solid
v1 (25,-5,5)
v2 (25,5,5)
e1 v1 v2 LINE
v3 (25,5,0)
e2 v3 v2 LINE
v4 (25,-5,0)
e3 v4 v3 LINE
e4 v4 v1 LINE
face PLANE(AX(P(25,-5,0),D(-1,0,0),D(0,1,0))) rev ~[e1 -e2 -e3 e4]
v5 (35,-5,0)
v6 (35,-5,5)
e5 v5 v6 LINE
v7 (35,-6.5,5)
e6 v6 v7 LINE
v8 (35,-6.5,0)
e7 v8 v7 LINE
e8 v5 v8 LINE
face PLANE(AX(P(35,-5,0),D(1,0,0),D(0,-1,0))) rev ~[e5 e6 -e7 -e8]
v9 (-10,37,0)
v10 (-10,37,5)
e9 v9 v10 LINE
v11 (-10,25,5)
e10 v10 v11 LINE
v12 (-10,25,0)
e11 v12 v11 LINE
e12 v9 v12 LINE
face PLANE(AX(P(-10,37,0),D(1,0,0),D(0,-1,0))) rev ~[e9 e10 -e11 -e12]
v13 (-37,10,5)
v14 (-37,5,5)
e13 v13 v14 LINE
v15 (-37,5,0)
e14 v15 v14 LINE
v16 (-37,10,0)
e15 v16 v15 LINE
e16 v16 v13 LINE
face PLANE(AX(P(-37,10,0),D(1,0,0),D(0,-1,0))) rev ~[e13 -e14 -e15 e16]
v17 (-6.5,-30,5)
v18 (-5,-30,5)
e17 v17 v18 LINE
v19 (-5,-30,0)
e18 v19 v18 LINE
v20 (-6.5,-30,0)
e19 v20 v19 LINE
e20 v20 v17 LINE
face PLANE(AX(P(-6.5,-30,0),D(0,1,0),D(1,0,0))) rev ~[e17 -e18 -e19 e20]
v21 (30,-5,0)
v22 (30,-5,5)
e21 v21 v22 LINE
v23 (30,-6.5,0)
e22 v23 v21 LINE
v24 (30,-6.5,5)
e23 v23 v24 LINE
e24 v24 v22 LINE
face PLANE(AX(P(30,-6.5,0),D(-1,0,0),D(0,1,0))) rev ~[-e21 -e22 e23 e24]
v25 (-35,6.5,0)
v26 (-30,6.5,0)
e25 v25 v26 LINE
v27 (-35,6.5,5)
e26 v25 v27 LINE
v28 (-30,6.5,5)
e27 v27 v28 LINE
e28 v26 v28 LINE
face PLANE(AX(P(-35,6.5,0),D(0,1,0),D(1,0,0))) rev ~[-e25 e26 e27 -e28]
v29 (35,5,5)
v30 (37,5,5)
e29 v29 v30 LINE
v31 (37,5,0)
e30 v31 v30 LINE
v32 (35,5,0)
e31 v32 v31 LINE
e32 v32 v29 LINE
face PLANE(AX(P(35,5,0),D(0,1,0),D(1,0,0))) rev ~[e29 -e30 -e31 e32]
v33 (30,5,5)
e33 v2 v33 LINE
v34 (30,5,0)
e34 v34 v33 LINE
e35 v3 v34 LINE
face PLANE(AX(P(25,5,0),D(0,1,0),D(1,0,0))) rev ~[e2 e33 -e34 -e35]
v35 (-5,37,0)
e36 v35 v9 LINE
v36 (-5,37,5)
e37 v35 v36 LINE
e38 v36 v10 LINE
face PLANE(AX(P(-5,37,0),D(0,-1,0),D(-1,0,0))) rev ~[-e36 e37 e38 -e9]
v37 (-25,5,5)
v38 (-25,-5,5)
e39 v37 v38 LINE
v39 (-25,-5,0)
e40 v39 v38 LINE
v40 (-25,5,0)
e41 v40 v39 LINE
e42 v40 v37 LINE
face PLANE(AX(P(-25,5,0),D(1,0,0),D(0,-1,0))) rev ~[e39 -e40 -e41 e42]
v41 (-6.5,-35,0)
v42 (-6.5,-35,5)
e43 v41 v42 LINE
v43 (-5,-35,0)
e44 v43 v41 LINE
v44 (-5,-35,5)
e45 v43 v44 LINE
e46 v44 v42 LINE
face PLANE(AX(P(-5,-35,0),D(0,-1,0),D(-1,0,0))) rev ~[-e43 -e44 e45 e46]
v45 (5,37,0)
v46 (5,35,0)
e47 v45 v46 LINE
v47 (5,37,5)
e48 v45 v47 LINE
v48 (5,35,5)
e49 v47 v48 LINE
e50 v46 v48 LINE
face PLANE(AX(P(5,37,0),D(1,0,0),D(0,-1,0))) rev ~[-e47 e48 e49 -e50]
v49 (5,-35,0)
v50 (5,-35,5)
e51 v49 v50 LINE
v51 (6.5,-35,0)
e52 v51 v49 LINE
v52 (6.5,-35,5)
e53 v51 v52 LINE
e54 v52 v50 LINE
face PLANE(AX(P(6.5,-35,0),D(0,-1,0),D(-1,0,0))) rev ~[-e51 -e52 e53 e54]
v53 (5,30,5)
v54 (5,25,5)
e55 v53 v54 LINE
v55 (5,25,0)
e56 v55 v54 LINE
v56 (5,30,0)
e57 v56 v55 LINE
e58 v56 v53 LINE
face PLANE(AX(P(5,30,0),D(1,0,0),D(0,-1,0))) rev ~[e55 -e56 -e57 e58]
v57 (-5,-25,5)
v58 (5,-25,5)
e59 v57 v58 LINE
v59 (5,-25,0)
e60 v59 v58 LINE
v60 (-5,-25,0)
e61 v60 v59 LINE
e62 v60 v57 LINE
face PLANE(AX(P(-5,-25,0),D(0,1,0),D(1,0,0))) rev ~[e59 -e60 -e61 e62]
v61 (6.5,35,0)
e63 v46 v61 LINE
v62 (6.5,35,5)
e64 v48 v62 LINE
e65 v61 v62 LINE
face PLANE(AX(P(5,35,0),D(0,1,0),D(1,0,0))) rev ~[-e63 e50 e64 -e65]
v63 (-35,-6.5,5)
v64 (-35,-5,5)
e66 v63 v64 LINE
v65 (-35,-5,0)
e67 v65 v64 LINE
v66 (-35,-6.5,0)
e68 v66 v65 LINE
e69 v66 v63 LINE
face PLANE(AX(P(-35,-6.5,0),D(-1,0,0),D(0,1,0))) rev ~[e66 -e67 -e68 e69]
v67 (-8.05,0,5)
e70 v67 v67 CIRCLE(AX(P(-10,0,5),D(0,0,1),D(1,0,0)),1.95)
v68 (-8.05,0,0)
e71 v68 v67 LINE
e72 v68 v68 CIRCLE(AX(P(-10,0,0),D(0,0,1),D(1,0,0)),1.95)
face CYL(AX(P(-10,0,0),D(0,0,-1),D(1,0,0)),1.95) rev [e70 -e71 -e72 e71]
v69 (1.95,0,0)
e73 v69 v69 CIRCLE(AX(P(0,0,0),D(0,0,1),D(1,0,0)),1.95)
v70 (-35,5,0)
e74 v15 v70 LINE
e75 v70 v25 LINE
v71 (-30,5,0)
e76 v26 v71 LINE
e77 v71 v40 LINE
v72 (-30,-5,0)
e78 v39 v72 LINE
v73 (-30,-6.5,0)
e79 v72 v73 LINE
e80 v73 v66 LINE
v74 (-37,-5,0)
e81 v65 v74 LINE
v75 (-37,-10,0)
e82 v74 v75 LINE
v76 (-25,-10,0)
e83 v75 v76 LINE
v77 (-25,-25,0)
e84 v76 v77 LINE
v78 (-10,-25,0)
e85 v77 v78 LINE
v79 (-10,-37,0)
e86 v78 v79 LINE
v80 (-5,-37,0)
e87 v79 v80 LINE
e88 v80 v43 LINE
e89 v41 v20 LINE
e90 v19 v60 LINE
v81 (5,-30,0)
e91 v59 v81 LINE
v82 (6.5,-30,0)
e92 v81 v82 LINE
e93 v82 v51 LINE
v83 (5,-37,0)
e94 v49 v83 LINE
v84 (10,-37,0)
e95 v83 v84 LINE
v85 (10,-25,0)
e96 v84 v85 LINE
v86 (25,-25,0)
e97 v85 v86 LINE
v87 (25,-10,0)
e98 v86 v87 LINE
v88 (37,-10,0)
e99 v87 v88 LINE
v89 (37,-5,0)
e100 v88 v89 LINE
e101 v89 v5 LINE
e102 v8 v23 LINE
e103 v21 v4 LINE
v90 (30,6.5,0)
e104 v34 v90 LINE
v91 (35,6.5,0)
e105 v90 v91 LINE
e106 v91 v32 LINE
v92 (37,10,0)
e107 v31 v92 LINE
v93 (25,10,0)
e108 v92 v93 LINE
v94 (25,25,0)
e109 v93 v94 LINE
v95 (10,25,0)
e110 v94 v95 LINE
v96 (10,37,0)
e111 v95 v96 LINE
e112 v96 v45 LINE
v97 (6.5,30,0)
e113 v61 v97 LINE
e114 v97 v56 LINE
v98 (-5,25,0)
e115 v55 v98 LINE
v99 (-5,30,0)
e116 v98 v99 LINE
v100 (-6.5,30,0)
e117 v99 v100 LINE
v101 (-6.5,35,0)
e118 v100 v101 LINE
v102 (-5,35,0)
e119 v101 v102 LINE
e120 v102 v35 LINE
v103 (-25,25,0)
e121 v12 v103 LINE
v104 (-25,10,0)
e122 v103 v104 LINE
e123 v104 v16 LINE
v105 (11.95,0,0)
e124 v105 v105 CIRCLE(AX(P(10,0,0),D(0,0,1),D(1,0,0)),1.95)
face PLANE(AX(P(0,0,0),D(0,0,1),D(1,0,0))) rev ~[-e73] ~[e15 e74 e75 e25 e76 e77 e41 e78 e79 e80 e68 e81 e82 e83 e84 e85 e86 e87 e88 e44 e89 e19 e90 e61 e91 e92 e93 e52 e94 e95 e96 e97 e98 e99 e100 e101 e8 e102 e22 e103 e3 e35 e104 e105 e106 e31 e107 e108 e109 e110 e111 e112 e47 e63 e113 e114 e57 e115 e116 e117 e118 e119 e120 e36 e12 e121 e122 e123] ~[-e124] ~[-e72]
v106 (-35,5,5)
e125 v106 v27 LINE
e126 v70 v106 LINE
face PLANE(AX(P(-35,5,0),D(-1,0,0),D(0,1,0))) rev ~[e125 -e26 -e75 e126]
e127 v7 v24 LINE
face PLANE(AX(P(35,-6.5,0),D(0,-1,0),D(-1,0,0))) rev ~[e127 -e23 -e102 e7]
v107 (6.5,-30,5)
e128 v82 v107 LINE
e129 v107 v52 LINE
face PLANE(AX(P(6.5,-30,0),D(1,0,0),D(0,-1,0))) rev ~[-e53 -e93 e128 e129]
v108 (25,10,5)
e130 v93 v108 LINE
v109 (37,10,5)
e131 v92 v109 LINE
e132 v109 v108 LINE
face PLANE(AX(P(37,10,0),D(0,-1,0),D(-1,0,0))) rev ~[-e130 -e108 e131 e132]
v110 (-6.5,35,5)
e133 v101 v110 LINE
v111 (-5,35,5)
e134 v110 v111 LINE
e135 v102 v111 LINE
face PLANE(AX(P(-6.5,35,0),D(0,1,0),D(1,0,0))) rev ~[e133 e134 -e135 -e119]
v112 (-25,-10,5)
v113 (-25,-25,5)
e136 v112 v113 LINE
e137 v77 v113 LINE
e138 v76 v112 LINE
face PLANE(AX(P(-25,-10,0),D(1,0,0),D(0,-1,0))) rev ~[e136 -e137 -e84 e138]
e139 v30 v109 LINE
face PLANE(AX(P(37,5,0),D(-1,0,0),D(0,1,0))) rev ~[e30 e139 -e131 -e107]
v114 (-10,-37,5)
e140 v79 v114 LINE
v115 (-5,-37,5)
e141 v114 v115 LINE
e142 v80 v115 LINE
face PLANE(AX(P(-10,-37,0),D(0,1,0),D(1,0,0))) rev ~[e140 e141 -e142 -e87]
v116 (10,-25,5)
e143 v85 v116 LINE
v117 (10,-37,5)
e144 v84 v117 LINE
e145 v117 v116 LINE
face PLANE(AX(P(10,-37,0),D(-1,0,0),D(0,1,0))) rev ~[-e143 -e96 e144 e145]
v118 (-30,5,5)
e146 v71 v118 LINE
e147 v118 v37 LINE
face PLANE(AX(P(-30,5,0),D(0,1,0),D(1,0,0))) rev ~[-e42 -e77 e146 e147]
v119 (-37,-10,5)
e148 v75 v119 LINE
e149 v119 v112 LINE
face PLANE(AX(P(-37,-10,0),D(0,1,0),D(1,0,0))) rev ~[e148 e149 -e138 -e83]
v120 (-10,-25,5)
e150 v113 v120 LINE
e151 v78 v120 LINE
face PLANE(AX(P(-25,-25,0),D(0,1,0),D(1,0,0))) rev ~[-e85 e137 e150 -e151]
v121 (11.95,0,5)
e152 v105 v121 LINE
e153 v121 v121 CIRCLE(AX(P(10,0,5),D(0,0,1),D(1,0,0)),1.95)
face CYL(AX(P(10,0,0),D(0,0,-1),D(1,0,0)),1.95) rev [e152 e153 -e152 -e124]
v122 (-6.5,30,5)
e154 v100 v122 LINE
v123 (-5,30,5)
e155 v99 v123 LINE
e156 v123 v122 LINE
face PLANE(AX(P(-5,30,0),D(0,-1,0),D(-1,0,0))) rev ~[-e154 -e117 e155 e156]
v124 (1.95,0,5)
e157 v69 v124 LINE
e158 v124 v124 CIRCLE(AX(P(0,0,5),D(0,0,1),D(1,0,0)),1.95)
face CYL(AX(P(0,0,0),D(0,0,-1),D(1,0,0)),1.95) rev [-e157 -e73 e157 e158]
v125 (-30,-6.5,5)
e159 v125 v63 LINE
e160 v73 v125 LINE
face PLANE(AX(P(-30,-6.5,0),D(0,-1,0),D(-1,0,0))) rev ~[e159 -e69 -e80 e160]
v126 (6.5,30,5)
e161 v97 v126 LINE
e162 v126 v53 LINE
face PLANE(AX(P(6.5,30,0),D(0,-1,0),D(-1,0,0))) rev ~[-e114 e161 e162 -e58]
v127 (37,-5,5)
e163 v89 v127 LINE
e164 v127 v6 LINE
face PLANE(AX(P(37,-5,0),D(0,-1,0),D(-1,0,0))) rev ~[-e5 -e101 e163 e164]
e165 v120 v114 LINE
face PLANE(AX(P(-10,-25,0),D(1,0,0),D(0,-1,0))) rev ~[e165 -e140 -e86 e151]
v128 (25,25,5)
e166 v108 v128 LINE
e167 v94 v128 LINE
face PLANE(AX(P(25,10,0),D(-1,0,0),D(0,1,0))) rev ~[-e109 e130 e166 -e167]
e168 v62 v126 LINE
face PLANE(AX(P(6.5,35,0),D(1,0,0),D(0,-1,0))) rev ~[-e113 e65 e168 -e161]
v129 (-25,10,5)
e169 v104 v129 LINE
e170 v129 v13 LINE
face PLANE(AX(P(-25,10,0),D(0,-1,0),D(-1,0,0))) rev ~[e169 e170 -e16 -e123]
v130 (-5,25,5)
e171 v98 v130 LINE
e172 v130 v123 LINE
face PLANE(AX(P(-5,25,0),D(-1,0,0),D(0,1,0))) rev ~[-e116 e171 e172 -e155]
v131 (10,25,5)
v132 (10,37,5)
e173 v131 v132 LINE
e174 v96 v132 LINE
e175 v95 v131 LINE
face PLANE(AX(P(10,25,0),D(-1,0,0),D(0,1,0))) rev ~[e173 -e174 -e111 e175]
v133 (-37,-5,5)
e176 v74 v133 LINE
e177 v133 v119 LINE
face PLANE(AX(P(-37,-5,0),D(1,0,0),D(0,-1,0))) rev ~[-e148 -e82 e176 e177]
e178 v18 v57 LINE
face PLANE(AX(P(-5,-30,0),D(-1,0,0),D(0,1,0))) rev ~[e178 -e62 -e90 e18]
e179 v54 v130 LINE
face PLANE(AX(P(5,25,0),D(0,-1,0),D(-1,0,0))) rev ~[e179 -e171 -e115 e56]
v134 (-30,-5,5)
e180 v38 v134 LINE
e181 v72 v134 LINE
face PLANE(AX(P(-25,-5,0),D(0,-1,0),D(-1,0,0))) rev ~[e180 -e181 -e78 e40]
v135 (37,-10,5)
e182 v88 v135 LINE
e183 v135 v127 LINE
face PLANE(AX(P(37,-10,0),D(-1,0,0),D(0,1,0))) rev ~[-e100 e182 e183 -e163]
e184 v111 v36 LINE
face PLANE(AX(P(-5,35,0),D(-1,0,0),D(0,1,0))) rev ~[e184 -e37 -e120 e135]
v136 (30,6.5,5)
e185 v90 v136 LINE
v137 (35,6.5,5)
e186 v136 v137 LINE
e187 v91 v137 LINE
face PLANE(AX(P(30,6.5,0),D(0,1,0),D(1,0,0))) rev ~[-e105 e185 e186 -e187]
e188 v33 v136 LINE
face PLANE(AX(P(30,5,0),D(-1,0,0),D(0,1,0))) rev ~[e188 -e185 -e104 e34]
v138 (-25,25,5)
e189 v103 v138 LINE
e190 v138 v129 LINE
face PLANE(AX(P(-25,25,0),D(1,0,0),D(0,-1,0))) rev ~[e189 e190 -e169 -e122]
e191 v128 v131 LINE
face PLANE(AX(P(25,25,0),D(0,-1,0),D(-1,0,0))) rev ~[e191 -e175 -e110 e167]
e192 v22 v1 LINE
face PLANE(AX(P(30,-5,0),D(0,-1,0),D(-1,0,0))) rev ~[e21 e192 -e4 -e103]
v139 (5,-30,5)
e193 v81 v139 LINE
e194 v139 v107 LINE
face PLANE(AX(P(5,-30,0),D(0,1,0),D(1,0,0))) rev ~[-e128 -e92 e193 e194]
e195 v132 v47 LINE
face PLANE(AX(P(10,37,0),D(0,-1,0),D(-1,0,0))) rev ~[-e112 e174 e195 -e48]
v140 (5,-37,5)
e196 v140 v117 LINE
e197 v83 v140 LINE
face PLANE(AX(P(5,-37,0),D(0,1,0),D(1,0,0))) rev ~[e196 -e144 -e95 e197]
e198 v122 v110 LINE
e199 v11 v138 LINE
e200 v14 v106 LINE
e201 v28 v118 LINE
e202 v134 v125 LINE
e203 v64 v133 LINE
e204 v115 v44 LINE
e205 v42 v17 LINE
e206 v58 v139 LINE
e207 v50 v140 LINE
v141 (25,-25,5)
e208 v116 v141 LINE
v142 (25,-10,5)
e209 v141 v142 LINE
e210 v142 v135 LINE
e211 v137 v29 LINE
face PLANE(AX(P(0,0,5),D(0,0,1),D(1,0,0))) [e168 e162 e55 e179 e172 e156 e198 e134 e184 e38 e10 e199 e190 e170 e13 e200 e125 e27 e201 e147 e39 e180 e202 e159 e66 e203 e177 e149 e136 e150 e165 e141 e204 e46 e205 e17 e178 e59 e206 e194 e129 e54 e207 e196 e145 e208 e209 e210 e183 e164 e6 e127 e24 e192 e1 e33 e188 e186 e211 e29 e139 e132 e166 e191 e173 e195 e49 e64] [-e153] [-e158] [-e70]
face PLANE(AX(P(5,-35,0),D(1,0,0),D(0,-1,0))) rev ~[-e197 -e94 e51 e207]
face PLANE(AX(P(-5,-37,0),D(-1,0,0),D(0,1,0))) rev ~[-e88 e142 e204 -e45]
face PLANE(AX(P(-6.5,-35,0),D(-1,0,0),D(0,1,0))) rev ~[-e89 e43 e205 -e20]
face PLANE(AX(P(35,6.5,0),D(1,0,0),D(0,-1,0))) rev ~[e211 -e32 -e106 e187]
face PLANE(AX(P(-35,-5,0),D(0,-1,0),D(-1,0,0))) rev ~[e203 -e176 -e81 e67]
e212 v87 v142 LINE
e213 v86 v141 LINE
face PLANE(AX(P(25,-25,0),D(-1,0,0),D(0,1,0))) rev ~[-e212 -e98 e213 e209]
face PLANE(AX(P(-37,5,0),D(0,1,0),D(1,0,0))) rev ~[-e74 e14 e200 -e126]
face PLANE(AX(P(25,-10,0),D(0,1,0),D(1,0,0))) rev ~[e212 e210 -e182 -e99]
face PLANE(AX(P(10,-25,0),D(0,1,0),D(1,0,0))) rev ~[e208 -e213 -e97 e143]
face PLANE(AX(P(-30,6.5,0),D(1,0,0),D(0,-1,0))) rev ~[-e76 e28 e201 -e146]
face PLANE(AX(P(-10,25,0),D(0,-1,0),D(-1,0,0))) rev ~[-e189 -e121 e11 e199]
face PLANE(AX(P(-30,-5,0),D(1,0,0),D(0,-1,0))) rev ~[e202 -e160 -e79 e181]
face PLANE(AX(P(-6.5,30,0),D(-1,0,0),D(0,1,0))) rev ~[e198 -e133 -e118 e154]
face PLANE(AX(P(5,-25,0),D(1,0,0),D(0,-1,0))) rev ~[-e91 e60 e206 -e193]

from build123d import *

# Parameters (mm, degrees)
ESQUISSE1_R        = 1.95
BOSS_EXTRU_1_DEPTH = 5


with BuildPart() as part:
    # Esquisse1 → Boss.-Extru.1 (new body)
    with BuildSketch(Plane.XY):
        Polygon((-10, 25), (-25, 25), (-25, 10), (-30, 10), (-37, 10), (-37, 5), (-35, 5), (-35, 6.5), (-30, 6.5), (-30, 5), (-25, 5), (-25, 0), (-25, -5), (-30, -5), (-30, -6.5), (-35, -6.5), (-35, -5), (-37, -5), (-37, -10), (-30, -10), (-25, -10), (-25, -25), (-10, -25), (-10, -30), (-10, -37), (-5, -37), (-5, -35), (-6.5, -35), (-6.5, -30), (-5, -30), (-5, -25), (0, -25), (5, -25), (5, -30), (6.5, -30), (6.5, -35), (5, -35), (5, -37), (10, -37), (10, -30), (10, -25), (25, -25), (25, -10), (30, -10), (37, -10), (37, -5), (35, -5), (35, -6.5), (30, -6.5), (30, -5), (25, -5), (25, 0), (25, 5), (30, 5), (30, 6.5), (35, 6.5), (35, 5), (37, 5), (37, 10), (30, 10), (25, 10), (25, 25), (10, 25), (10, 30), (10, 37), (5, 37), (5, 35), (6.5, 35), (6.5, 30), (5, 30), (5, 25), (0, 25), (-5, 25), (-5, 30), (-6.5, 30), (-6.5, 35), (-5, 35), (-5, 37), (-10, 37), (-10, 30), align=None)
        with Locations((-10, 0)):
            Circle(ESQUISSE1_R, mode=Mode.SUBTRACT)
        Circle(ESQUISSE1_R, mode=Mode.SUBTRACT)
        with Locations((10, 0)):
            Circle(ESQUISSE1_R, mode=Mode.SUBTRACT)
    extrude(amount=BOSS_EXTRU_1_DEPTH)


solid = part.part
